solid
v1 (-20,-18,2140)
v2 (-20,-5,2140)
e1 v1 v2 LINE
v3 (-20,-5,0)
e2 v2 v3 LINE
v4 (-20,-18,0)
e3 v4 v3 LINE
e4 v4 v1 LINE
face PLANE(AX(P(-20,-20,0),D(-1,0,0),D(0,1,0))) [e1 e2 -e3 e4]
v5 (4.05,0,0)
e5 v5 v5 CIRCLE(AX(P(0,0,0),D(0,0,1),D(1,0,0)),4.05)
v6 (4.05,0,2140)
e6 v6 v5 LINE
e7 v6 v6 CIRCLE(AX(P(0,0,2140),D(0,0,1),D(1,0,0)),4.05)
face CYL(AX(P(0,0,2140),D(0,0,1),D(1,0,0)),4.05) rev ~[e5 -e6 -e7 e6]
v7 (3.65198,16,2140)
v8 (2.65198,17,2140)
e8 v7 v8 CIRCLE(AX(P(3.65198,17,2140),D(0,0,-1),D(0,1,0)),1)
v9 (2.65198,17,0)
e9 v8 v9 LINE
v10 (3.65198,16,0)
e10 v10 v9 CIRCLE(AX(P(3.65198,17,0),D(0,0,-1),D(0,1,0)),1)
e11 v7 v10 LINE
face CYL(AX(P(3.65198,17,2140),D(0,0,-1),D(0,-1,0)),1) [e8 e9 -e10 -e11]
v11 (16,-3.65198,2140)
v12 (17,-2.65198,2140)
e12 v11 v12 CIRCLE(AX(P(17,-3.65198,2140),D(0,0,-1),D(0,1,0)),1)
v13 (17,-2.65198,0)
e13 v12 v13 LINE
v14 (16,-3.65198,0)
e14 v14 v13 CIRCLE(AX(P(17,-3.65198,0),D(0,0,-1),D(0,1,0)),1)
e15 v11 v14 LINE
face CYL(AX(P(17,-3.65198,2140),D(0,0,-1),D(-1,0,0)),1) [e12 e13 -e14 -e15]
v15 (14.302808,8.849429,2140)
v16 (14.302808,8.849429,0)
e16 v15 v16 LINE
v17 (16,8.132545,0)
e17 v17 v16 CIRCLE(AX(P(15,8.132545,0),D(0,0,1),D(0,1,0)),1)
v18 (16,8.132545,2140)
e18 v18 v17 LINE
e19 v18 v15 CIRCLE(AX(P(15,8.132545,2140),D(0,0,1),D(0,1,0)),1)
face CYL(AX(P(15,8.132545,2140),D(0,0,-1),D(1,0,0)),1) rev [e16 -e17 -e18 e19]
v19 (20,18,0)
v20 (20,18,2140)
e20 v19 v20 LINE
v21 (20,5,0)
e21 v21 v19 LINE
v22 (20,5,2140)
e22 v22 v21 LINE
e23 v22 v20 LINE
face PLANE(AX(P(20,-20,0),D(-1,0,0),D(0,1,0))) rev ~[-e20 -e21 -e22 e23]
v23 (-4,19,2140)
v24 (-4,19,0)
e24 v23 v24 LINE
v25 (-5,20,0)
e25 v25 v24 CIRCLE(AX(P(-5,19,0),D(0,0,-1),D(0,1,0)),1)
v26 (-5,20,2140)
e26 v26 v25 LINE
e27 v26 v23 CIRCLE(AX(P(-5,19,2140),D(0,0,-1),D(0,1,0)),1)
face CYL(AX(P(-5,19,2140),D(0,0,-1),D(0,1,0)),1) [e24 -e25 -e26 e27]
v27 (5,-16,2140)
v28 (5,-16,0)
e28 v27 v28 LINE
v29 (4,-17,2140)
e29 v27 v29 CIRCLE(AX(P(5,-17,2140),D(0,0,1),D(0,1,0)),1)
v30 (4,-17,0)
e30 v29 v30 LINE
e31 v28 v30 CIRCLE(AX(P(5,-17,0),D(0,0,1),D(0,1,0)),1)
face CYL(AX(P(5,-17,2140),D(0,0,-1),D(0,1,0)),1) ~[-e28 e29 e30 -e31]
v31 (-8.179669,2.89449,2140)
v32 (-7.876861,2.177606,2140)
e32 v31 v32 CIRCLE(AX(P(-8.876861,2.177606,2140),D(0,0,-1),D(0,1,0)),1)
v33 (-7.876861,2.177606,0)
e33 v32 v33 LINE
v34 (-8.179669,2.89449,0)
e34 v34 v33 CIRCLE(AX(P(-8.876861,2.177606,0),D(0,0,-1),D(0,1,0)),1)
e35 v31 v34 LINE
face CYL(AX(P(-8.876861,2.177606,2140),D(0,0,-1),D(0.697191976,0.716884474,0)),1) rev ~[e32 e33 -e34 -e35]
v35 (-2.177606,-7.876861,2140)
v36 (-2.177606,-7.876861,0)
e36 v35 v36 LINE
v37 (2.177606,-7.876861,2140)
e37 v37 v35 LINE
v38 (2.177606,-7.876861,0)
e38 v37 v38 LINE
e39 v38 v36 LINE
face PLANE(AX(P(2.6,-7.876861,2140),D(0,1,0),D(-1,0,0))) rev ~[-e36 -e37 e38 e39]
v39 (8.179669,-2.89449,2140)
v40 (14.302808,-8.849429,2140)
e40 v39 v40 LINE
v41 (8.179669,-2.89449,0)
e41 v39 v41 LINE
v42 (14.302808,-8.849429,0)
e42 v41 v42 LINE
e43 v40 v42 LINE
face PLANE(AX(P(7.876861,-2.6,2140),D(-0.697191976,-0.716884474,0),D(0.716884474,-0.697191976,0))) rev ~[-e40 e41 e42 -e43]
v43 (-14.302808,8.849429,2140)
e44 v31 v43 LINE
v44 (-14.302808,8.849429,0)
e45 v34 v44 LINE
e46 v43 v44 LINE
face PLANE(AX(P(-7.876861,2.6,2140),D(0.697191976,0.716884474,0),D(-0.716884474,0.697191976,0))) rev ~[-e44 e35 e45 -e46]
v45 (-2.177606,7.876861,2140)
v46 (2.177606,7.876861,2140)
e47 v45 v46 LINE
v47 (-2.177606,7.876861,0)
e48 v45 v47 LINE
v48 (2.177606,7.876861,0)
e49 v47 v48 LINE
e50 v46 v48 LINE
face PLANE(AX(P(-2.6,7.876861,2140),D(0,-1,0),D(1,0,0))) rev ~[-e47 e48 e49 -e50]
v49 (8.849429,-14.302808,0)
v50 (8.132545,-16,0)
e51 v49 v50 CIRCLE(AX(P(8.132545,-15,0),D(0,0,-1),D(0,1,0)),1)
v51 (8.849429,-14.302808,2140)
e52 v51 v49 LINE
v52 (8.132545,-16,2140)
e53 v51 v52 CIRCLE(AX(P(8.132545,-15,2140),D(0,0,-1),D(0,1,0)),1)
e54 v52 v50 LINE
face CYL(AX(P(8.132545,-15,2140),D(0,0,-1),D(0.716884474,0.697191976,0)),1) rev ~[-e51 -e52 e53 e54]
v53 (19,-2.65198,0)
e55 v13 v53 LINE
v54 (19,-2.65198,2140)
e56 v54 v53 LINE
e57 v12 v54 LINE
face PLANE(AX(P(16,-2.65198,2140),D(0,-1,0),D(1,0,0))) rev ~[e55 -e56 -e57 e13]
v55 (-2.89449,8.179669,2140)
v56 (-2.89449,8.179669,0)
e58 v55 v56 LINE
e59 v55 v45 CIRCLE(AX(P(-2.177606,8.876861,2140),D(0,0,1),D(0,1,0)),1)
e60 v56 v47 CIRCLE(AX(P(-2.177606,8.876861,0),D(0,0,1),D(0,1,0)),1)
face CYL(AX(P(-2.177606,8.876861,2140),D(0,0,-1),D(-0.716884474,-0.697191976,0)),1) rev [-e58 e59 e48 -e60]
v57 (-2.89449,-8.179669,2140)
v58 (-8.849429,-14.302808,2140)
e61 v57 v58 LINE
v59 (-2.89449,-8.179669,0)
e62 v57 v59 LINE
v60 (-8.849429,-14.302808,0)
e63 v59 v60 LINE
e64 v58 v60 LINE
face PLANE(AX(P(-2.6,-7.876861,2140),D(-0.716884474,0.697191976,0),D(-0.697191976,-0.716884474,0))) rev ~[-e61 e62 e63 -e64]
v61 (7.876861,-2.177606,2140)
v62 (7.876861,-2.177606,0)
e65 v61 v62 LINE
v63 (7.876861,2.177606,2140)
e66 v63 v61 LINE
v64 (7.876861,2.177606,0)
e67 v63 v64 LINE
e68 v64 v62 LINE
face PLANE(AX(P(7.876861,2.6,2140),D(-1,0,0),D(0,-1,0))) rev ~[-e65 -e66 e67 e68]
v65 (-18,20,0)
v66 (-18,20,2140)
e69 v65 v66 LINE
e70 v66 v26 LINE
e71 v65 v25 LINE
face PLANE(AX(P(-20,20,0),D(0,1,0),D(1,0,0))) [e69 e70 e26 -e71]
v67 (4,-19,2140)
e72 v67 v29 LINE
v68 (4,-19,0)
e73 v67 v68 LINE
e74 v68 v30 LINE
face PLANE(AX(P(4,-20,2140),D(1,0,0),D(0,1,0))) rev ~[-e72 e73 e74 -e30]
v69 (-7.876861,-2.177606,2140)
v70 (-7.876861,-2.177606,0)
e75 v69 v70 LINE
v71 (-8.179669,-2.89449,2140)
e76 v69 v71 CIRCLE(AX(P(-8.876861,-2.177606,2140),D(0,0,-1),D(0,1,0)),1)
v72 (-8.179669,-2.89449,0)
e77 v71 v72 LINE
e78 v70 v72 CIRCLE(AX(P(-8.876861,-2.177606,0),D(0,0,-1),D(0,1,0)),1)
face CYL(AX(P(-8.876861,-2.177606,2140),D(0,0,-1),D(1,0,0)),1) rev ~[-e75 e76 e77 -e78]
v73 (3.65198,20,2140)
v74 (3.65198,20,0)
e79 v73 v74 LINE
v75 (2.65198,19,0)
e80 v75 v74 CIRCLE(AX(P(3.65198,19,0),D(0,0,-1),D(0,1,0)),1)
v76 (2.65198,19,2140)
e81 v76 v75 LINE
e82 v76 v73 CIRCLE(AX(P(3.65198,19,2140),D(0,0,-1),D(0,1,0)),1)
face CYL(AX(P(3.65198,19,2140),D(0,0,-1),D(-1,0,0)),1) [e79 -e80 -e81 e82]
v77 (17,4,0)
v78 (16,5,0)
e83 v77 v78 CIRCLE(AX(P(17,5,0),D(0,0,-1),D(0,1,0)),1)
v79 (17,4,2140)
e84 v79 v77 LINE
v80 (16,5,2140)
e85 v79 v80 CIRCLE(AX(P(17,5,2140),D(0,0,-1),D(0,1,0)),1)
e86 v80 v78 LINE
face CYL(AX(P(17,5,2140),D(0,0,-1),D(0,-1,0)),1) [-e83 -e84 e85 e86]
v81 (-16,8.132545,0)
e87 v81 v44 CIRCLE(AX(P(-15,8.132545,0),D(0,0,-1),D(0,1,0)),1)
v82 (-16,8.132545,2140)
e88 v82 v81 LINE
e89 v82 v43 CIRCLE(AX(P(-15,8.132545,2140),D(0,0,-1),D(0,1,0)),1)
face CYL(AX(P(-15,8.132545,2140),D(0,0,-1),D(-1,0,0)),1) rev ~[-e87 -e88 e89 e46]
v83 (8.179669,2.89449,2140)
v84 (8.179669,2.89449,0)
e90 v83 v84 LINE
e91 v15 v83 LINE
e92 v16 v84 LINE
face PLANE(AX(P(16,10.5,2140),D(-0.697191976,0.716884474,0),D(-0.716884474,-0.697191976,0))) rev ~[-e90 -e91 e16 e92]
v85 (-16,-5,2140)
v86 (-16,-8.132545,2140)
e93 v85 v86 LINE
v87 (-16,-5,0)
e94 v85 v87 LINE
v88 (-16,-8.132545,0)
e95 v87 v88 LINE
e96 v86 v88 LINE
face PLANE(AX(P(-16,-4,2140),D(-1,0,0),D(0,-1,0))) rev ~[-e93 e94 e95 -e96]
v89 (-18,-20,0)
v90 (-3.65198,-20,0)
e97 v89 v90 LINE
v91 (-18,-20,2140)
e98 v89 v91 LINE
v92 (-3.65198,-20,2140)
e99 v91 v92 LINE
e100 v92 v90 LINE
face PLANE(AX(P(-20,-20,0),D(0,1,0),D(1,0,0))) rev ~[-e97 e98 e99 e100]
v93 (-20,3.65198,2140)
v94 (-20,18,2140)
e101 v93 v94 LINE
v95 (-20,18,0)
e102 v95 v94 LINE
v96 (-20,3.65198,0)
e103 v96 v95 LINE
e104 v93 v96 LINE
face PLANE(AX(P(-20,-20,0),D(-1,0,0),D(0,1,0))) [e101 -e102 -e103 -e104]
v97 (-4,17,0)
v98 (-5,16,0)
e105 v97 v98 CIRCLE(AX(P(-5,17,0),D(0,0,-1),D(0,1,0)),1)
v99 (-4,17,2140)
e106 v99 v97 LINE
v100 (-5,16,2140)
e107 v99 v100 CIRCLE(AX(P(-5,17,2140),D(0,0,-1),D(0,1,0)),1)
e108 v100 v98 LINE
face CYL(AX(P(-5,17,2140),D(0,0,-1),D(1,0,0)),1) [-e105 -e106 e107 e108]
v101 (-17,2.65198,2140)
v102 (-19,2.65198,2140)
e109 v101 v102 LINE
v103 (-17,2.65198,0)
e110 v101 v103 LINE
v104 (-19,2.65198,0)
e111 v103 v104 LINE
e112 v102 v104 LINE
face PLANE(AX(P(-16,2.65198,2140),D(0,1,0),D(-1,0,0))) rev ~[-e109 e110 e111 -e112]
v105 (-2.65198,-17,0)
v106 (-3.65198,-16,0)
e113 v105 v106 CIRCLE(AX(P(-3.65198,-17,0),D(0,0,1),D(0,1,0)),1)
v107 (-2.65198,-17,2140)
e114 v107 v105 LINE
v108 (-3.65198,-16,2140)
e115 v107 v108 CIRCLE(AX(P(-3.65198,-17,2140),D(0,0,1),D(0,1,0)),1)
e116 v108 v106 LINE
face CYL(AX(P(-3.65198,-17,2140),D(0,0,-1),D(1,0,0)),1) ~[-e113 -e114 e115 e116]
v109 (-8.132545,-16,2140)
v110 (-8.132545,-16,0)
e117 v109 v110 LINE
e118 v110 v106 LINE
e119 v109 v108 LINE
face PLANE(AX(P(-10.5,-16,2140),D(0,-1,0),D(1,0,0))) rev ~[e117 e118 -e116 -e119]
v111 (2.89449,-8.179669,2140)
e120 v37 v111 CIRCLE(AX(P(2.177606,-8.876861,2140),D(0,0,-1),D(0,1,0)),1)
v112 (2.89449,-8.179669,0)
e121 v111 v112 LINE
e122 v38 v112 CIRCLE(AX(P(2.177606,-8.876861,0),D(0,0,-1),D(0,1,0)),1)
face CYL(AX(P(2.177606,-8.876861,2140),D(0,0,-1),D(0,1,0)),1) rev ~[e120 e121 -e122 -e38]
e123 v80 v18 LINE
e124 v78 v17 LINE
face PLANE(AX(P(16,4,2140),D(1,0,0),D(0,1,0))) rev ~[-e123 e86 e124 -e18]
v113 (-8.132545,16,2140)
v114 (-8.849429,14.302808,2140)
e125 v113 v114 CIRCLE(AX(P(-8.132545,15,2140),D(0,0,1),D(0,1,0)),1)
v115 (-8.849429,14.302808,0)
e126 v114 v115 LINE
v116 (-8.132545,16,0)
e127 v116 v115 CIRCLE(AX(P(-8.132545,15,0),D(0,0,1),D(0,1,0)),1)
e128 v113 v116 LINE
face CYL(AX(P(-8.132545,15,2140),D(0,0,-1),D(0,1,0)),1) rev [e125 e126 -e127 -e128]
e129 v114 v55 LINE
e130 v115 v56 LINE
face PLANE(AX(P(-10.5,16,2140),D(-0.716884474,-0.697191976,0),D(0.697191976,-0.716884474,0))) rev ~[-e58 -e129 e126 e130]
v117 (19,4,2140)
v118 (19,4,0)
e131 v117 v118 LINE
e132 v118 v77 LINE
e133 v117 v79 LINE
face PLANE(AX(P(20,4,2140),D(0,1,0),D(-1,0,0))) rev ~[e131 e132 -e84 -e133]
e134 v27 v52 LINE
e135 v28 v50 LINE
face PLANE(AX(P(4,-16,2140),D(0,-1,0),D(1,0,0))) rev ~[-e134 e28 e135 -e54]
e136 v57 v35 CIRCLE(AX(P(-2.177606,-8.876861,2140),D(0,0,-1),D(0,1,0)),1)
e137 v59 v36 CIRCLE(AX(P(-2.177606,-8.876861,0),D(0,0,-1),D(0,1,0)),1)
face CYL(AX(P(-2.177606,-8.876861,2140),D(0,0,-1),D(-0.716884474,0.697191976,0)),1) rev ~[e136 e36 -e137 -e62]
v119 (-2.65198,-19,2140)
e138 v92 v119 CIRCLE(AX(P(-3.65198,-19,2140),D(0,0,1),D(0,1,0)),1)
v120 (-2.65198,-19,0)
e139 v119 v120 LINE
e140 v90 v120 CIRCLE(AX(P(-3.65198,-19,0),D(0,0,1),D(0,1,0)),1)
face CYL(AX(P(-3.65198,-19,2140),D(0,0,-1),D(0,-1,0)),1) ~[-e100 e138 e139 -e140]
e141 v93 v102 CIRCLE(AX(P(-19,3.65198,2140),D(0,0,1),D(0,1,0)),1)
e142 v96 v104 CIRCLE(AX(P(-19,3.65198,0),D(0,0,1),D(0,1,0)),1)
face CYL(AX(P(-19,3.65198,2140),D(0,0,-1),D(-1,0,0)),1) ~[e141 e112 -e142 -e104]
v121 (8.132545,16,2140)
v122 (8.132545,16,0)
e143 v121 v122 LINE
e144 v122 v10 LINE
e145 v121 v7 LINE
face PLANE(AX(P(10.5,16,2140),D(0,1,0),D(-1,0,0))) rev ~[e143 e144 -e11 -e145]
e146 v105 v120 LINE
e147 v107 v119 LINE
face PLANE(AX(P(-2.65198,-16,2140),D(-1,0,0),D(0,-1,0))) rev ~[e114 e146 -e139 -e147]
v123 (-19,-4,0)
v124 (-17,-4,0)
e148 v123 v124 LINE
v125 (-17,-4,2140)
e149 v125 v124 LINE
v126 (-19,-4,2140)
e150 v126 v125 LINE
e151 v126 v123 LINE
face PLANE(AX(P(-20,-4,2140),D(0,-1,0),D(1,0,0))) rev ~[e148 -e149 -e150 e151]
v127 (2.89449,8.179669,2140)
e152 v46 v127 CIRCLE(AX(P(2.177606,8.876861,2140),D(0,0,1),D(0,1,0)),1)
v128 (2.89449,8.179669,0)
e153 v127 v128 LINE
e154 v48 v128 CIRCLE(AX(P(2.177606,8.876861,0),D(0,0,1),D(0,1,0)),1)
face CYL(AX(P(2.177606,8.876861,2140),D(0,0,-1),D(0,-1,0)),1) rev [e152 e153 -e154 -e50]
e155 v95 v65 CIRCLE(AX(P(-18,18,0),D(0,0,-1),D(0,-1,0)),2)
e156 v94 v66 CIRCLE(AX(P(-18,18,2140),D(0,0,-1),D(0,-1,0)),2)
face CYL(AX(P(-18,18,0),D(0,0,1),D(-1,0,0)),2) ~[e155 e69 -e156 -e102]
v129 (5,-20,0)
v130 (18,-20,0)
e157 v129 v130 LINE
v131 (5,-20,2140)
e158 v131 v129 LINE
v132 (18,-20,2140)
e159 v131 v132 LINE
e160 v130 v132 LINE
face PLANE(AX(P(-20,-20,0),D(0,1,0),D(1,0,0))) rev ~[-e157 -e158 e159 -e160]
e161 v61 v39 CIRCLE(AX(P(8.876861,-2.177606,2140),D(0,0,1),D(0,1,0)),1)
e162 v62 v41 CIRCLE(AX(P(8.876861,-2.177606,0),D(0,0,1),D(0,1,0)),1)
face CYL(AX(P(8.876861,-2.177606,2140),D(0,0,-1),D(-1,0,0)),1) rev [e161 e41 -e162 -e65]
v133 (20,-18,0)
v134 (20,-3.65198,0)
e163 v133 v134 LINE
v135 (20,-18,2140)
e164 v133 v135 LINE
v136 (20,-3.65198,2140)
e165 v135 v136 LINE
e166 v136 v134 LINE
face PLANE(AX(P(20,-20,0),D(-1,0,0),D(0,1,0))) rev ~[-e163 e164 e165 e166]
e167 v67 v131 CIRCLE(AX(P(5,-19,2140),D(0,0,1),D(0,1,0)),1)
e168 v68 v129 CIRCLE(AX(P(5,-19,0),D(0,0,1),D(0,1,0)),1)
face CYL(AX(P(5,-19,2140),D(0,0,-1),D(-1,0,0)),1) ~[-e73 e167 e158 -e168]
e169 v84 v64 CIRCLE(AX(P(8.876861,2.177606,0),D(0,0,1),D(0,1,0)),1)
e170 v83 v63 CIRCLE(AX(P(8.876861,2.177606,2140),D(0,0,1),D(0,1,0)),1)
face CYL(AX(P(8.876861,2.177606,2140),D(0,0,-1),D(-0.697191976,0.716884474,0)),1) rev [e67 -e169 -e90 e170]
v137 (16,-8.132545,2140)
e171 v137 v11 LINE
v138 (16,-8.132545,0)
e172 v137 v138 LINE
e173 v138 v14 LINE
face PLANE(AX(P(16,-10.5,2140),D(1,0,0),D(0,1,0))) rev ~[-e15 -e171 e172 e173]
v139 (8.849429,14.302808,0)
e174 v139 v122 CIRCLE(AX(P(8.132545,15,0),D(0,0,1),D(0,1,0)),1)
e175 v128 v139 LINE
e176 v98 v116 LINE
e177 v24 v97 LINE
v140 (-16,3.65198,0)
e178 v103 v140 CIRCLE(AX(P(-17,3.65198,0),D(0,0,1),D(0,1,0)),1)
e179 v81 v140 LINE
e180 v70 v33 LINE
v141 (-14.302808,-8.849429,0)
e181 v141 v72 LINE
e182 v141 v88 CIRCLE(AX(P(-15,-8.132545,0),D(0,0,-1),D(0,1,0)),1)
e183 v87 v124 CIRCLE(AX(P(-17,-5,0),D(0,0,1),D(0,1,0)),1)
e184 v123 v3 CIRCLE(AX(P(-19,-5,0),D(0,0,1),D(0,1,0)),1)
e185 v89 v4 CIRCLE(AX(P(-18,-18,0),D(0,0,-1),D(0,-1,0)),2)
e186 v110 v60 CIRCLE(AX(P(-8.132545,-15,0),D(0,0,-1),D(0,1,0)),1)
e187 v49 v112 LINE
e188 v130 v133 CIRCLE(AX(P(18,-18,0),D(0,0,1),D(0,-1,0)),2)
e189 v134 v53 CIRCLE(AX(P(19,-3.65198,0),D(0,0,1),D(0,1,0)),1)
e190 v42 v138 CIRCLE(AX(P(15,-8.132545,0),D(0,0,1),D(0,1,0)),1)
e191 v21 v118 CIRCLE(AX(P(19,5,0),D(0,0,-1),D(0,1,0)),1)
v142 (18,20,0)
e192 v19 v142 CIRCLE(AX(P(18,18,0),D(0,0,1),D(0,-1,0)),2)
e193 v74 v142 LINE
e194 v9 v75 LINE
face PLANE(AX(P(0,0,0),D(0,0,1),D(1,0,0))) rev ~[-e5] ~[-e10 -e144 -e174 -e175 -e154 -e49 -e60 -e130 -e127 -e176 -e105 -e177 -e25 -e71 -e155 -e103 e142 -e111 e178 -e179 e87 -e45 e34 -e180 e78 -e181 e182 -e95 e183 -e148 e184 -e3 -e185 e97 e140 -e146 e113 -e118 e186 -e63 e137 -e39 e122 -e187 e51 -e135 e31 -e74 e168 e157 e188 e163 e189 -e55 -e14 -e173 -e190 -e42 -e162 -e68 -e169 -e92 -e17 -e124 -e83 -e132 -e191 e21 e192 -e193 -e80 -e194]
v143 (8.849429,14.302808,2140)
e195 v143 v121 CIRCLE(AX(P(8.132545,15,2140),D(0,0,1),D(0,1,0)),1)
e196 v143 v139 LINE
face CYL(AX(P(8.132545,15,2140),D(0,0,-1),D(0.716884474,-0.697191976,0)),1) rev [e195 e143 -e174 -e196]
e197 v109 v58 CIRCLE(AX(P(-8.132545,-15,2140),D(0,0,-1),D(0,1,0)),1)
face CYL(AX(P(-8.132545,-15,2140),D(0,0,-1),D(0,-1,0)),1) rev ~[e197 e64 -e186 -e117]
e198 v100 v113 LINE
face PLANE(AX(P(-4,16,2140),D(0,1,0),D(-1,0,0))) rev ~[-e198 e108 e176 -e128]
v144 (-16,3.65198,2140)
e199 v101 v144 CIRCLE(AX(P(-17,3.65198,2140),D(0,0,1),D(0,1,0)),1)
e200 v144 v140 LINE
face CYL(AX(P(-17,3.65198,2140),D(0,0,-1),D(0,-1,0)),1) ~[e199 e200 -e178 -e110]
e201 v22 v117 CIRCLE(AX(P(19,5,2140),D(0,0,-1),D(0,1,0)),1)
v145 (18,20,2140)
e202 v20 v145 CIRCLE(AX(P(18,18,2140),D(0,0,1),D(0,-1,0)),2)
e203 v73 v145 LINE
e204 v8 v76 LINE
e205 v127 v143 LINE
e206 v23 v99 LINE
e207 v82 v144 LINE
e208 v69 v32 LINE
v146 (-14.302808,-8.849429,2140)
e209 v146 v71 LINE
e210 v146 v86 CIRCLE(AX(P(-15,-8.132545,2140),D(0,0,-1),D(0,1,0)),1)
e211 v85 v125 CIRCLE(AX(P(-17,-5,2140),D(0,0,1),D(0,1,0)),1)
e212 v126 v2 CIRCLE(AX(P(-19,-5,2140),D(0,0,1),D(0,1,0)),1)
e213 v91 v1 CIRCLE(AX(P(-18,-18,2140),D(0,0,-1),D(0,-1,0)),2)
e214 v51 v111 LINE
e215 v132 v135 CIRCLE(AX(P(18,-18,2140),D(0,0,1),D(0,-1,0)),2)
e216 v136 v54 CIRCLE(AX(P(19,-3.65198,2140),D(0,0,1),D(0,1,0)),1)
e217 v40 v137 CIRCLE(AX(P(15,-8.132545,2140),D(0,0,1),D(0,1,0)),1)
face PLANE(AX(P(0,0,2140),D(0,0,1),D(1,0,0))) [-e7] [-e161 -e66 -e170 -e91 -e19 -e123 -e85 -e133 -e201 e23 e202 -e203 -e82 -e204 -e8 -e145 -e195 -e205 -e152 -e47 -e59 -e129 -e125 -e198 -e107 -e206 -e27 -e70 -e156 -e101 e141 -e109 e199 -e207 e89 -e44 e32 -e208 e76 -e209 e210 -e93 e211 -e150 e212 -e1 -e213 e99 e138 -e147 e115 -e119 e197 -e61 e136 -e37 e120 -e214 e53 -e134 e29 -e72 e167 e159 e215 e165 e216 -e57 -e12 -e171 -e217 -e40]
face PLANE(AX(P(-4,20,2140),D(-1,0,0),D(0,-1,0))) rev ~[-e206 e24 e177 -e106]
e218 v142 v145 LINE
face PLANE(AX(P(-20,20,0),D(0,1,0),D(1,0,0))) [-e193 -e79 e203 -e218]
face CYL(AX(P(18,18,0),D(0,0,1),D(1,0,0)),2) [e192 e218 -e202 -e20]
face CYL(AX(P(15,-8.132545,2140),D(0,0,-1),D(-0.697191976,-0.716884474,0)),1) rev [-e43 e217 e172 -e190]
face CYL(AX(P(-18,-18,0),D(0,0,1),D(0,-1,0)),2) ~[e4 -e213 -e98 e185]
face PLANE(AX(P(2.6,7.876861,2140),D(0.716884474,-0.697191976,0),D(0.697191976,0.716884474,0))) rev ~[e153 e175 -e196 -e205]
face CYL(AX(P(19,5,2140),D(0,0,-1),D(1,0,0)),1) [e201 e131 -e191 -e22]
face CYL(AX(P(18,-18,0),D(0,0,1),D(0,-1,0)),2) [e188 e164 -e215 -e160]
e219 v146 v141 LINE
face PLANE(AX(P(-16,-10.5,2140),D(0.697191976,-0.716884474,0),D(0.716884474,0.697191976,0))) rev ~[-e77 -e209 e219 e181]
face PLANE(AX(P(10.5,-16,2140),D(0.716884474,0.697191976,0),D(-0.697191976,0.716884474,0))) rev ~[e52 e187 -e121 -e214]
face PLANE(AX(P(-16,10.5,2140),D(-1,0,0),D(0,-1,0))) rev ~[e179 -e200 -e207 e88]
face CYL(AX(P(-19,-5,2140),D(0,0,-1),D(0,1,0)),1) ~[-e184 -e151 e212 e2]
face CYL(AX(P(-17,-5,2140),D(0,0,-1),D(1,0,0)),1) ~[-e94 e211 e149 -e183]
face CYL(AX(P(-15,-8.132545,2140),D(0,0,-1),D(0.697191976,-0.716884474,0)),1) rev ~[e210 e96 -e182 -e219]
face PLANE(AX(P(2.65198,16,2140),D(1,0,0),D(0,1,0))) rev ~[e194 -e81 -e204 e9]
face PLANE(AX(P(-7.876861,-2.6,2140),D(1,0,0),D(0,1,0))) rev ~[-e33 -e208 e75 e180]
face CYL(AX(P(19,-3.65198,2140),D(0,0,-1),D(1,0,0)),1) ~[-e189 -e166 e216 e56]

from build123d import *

# Parameters (mm, degrees)
SKETCH_1_W               = 40
SKETCH_1_H               = 40
EXTRUDE_1_DEPTH          = 2140
SKETCH_2_R               = 4.05
CUT_EXTRUDE_1_DEPTH      = 10000
CUT_EXTRUDE_2_DEPTH      = 10000
FILLET_1_R               = 1
PATTERN_CIRCULAR_2_COUNT = 4
FILLET_2_R               = 1
FILLET_3_R               = 1
FILLET_4_R               = 1
FILLET_5_R               = 2


with BuildPart() as part:
    # 草图1 → 凸台-拉伸1 (new body)
    with BuildSketch(Plane.XY):
        Rectangle(SKETCH_1_W, SKETCH_1_H)
    extrude(amount=EXTRUDE_1_DEPTH)

    # 草图2 → 切除-拉伸1 (cut)
    with BuildSketch(Plane.XY.offset(2140)):
        Circle(SKETCH_2_R)
    extrude(amount=-CUT_EXTRUDE_1_DEPTH, mode=Mode.SUBTRACT)

    # 草图4 → 切除-拉伸2 (cut)
    with BuildSketch(Plane.XY.offset(2140)):
        Polygon((20, 0), (20, 4), (16, 4), (16, 10.5), (7.876860985, 2.6), (7.876860985, -2.6), (16, -10.5), (16, -2.65197969), (20, -2.65197969), align=None)
    cut_extrude_2 = extrude(amount=-CUT_EXTRUDE_2_DEPTH, mode=Mode.SUBTRACT)

    # 圆角1
    fillet_1_edges = [part.edges().sort_by_distance(p)[0] for p in [
        (20, -2.65197969, 1070),
        (16, -2.65197969, 1070),
        (16, -10.5, 1070),
        (7.876860985, -2.6, 1070),
        (7.876860985, 2.6, 1070),
        (16, 10.5, 1070),
        (16, 4, 1070),
        (20, 4, 1070),
    ]]
    fillet(fillet_1_edges, radius=FILLET_1_R)

    # 阵列(圆周)2: 切除-拉伸2 ×4 about axis
    pattern_circular_2_axis = Axis((0, 0, 0), (0, 0, 1))
    for i in range(1, PATTERN_CIRCULAR_2_COUNT):
        add(cut_extrude_2.rotate(pattern_circular_2_axis, i * 360 / PATTERN_CIRCULAR_2_COUNT), mode=Mode.SUBTRACT)

    # 圆角2
    fillet_2_edges = [part.edges().sort_by_distance(p)[0] for p in [
        (2.65197969, 20, 1070),
        (2.65197969, 16, 1070),
        (10.5, 16, 1070),
        (2.6, 7.876860985, 1070),
        (-2.6, 7.876860985, 1070),
        (-10.5, 16, 1070),
        (-4, 16, 1070),
        (-4, 20, 1070),
    ]]
    fillet(fillet_2_edges, radius=FILLET_2_R)

    # 圆角3
    fillet_3_edges = [part.edges().sort_by_distance(p)[0] for p in [
        (-20, 2.65197969, 1070),
        (-16, 2.65197969, 1070),
        (-16, 10.5, 1070),
        (-7.876860985, 2.6, 1070),
        (-7.876860985, -2.6, 1070),
        (-16, -10.5, 1070),
        (-16, -4, 1070),
        (-20, -4, 1070),
    ]]
    fillet(fillet_3_edges, radius=FILLET_3_R)

    # 圆角4
    fillet_4_edges = [part.edges().sort_by_distance(p)[0] for p in [
        (-2.65197969, -20, 1070),
        (-2.65197969, -16, 1070),
        (-10.5, -16, 1070),
        (-2.6, -7.876860985, 1070),
        (2.6, -7.876860985, 1070),
        (10.5, -16, 1070),
        (4, -16, 1070),
        (4, -20, 1070),
    ]]
    fillet(fillet_4_edges, radius=FILLET_4_R)

    # 圆角5
    fillet_5_edges = [part.edges().sort_by_distance(p)[0] for p in [
        (20, -20, 1070),
        (-20, -20, 1070),
        (-20, 20, 1070),
        (20, 20, 1070),
    ]]
    fillet(fillet_5_edges, radius=FILLET_5_R)


solid = part.part
